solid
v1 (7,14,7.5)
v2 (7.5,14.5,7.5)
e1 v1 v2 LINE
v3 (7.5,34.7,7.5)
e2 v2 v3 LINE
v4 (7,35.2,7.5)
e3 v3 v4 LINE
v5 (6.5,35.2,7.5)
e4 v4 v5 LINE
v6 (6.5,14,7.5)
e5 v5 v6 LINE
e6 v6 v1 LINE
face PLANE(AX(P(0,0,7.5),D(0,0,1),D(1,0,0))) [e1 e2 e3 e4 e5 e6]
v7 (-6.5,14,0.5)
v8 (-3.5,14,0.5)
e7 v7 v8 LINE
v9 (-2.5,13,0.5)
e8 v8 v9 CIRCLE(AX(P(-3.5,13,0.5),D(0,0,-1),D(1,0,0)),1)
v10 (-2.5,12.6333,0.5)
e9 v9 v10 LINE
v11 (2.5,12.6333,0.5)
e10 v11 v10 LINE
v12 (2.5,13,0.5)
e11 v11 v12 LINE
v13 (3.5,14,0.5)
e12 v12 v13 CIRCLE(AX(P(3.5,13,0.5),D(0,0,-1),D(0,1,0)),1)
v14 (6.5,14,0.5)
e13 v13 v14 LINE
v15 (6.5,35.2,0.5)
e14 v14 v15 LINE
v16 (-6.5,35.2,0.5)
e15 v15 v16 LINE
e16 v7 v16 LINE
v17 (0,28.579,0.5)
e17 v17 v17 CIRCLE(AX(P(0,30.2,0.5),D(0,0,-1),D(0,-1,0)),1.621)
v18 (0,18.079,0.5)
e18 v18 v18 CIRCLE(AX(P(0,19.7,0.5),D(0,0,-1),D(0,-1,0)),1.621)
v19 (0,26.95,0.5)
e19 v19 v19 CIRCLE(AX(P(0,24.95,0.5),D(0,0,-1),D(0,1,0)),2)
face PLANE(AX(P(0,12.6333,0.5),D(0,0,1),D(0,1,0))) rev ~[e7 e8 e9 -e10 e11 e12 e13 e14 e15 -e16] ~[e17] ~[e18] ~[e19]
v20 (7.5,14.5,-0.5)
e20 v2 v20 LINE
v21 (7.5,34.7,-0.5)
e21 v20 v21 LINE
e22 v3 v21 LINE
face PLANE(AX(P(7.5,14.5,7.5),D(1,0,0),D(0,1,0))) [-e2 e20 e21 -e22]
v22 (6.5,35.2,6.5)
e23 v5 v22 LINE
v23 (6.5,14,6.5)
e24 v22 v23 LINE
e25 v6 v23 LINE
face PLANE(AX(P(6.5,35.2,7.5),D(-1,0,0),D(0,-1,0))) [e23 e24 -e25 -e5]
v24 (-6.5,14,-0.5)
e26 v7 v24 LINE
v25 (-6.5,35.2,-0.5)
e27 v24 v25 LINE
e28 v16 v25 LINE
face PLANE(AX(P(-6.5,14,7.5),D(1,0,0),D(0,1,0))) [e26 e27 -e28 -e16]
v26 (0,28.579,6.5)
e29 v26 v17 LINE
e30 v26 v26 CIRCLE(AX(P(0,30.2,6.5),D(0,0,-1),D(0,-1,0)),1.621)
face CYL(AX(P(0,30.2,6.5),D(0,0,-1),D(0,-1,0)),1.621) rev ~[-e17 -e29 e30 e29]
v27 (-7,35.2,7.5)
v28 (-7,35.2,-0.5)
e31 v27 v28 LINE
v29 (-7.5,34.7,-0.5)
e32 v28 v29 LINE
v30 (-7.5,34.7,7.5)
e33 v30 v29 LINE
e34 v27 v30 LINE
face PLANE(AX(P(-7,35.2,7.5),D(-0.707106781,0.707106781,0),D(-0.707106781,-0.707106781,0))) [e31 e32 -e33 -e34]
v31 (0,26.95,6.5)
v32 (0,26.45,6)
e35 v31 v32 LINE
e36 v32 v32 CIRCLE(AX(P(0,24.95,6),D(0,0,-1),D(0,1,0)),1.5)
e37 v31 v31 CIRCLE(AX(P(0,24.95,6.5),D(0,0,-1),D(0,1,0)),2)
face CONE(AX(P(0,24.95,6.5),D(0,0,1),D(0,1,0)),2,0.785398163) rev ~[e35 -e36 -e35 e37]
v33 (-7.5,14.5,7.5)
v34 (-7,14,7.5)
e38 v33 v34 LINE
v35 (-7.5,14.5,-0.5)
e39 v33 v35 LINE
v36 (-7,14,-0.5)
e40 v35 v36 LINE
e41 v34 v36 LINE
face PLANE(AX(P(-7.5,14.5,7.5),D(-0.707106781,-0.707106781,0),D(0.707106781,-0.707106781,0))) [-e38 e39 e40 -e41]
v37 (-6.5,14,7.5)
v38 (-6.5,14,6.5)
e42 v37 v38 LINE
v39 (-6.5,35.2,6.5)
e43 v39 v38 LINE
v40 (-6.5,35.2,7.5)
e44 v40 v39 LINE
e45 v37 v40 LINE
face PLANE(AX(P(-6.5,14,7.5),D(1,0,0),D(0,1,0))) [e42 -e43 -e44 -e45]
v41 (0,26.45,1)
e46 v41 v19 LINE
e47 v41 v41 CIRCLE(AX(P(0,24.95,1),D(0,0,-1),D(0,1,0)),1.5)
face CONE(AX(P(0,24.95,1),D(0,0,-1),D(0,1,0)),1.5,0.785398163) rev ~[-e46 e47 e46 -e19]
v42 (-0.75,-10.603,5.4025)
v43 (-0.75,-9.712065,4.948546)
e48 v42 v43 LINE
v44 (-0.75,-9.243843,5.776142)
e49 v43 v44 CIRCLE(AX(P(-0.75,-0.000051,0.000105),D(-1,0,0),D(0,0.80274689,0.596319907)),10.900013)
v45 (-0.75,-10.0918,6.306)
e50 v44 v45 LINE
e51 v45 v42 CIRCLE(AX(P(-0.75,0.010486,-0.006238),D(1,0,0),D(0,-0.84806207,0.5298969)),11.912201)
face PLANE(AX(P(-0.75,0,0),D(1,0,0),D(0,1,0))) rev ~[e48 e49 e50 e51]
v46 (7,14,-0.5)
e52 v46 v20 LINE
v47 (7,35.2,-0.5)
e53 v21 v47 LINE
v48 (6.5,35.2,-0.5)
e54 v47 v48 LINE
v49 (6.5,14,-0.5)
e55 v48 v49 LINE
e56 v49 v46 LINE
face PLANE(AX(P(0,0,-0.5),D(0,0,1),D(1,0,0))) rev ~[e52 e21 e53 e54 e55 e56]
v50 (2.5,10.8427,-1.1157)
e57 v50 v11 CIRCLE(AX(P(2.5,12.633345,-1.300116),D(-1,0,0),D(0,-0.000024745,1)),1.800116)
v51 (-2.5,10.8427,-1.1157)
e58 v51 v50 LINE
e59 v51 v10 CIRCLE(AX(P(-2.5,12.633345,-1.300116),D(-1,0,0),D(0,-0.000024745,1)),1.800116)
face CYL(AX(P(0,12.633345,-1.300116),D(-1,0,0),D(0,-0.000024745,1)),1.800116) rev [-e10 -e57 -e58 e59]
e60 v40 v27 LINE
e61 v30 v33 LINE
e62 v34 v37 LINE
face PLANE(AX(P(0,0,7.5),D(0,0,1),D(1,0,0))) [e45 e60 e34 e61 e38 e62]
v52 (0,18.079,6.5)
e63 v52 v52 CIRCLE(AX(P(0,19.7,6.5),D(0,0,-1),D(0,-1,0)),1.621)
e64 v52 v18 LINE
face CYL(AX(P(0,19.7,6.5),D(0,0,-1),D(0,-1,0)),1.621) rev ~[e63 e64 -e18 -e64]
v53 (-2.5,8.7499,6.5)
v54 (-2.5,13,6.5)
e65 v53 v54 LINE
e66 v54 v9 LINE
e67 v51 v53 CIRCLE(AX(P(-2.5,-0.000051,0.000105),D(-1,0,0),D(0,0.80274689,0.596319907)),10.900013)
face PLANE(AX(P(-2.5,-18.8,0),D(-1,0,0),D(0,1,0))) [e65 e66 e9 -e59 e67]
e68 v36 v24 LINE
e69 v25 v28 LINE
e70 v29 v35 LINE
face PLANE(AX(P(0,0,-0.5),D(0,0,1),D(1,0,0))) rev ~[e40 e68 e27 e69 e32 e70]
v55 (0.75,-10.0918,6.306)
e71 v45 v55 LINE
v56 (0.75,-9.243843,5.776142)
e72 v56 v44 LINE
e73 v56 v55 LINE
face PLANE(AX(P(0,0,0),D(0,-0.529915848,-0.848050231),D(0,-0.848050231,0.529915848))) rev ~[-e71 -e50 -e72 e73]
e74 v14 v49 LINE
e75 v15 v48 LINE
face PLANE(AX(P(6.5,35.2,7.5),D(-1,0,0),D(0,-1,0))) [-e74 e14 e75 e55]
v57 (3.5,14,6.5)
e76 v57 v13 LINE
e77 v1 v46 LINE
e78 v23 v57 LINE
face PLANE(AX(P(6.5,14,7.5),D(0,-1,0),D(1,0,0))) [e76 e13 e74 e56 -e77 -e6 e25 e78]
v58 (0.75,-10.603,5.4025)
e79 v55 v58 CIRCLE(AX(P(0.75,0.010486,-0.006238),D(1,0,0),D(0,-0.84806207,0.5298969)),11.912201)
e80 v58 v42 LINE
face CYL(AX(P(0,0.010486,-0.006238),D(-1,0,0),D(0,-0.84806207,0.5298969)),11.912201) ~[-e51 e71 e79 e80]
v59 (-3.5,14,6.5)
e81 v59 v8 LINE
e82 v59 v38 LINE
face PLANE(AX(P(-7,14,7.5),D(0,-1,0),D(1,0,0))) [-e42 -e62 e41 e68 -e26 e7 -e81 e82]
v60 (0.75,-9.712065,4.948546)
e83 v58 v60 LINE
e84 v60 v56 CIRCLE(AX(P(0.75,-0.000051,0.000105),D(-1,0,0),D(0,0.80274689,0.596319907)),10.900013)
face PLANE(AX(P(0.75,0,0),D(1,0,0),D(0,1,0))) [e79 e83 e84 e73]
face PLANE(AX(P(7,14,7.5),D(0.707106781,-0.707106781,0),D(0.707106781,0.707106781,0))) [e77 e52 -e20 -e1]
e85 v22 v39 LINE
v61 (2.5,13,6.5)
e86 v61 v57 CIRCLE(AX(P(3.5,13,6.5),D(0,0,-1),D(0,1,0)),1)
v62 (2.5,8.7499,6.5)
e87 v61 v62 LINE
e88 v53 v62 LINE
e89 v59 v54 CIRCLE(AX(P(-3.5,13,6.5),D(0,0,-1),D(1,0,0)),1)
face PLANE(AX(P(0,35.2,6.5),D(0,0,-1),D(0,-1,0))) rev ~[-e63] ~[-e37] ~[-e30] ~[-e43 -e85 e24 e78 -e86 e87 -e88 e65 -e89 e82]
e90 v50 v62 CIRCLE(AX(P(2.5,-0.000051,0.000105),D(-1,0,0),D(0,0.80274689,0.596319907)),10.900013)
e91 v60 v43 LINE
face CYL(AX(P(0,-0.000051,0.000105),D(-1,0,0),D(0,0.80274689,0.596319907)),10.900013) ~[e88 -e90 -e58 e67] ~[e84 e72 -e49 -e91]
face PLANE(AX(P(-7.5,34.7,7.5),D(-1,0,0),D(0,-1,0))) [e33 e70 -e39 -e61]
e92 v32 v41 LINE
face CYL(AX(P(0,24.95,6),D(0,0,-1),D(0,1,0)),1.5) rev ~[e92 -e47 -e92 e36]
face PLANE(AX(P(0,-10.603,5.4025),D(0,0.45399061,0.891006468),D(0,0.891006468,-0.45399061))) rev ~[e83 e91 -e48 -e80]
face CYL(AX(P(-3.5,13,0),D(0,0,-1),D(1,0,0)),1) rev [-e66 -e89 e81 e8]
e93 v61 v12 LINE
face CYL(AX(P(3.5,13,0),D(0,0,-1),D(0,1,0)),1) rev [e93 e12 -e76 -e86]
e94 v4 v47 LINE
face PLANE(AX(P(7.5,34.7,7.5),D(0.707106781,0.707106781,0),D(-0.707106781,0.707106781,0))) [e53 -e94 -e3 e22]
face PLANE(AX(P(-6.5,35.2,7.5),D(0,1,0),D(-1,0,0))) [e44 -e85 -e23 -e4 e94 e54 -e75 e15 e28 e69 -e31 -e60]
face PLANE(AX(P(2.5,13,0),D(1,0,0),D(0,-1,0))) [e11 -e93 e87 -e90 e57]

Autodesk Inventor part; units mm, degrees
sketch "Sketch_1" plane through (0, 0, 0) normal (1, 0, 0) x (0, 1, 0)
  arc A0 (8.7499, 6.5) -> (10.8427, -1.1157) centre (0, 0) ccw
  arc A1 (12.6333, 0.5) -> (10.8427, -1.1157) centre (12.6333, -1.3) ccw
  line L0 (12.6333, 0.5) -> (35.2, 0.5)
  line L1 (35.2, 0.5) -> (35.2, 6.5)
  line L2 (35.2, 6.5) -> (8.7499, 6.5)
extrude "Extrusion1" add sketch "Sketch_1" along normal mid plane 13
sketch "Sketch_2" plane through (0, 0, 0) normal (0, 0, 1) x (1, 0, 0)
  line L0 (-6.5, -21.8) -> (6.5, -21.8)
  line L1 (6.5, -21.8) -> (6.5, 14)
  line L2 (6.5, 14) -> (3.5, 14)
  arc A0 (3.5, 14) -> (2.5, 13) centre (3.5, 13) ccw
  line L3 (2.5, 13) -> (2.5, -18.8)
  line L4 (2.5, -18.8) -> (-2.5, -18.8)
  line L5 (-2.5, -18.8) -> (-2.5, 13)
  arc A1 (-2.5, 13) -> (-3.5, 14) centre (-3.5, 13) ccw
  line L6 (-3.5, 14) -> (-6.5, 14)
  line L7 (-6.5, 14) -> (-6.5, -21.8)
extrude "Extrusion2" cut sketch "Sketch_2" along normal mid plane 30
sketch "Sketch_3" plane through (0, 0, 7.5) normal (0, 0, 1) x (1, 0, 0)
  line L0 (6.5, 14) -> (7, 14)
  line L1 (7, 14) -> (7.5, 14.5)
  line L2 (7.5, 14.5) -> (7.5, 34.7)
  line L3 (7.5, 34.7) -> (7, 35.2)
  line L4 (7, 35.2) -> (6.5, 35.2)
  line L5 (6.5, 35.2) -> (6.5, 14)
extrude "Extrusion3" add sketch "Sketch_3" against normal blind 8
sketch "Sketch_4" plane through (0, 0, 7.5) normal (0, 0, 1) x (1, 0, 0)
  line L0 (-7.5, 14.5) -> (-7, 14)
  line L1 (-7, 14) -> (-6.5, 14)
  line L2 (-6.5, 14) -> (-6.5, 35.2)
  line L3 (-6.5, 35.2) -> (-7, 35.2)
  line L4 (-7, 35.2) -> (-7.5, 34.7)
  line L5 (-7.5, 34.7) -> (-7.5, 14.5)
extrude "Extrusion4" add sketch "Sketch_4" against normal blind 8
sketch "Sketch_5" plane through (0, 0, 0) normal (1, 0, 0) x (0, 1, 0)
  line L0 (24.95, 0.5) -> (24.95, 6.5)
  line L1 (24.95, 6.5) -> (26.95, 6.5)
  line L2 (26.95, 6.5) -> (26.45, 6)
  line L3 (26.45, 6) -> (26.45, 1)
  line L4 (26.45, 1) -> (26.95, 0.5)
  line L5 (26.95, 0.5) -> (24.95, 0.5)
  line L6 (24.95, 0.5) -> (24.95, 6.5)
revolve "Revolution1" cut sketch "Sketch_5" angle 360 about axis through (0, 24.95, 0.5) along (0, 0, -1)
sketch "Sketch6" plane through (-2.5, 8.7499, 6.5) normal (0, 0, 1) x (1, 0, 0)
  point P0 (2.5, 10.9501)
hole "Hole1" at (0, 19.7, 6.5) direction (0, 0, -1) diameter 3.242 depth 6 thread size "M4x0.7" class "6H" standard "ISO Metric profile"
sketch "Sketch7" plane through (-2.5, 8.7499, 6.5) normal (0, 0, 1) x (1, 0, 0)
  point P0 (2.5, 21.4501)
hole "Hole2" at (0, 30.2, 6.5) direction (0, 0, -1) diameter 3.242 depth 6 thread size "M4x0.7" class "6H" standard "ISO Metric profile"
sketch "Sketch_9" plane through (0, 0, 0) normal (1, 0, 0) x (0, 1, 0)
  arc A0 (-10.0918, 6.306) -> (-10.603, 5.4025) centre (0, 0) ccw
  line L0 (-10.603, 5.4025) -> (0, 0)
  line L1 (0, 0) -> (-10.0918, 6.306)
extrude "Extrusion5" add sketch "Sketch_9" along normal mid plane 1.5
ref_plane "GRIFF_XY" through (0, 0, 0) normal (1, 0, 0) x (0, 0, -1)
ref_plane "GRIFF_YZ" through (0, 0, 0) normal (0, 0, -1) x (0, 1, 0)
ref_plane "GRIFF_ZX" through (0, 0, 0) normal (0, 1, 0) x (1, 0, 0)
properties part number "1310162 DHRS-25-A---(Griff)"
